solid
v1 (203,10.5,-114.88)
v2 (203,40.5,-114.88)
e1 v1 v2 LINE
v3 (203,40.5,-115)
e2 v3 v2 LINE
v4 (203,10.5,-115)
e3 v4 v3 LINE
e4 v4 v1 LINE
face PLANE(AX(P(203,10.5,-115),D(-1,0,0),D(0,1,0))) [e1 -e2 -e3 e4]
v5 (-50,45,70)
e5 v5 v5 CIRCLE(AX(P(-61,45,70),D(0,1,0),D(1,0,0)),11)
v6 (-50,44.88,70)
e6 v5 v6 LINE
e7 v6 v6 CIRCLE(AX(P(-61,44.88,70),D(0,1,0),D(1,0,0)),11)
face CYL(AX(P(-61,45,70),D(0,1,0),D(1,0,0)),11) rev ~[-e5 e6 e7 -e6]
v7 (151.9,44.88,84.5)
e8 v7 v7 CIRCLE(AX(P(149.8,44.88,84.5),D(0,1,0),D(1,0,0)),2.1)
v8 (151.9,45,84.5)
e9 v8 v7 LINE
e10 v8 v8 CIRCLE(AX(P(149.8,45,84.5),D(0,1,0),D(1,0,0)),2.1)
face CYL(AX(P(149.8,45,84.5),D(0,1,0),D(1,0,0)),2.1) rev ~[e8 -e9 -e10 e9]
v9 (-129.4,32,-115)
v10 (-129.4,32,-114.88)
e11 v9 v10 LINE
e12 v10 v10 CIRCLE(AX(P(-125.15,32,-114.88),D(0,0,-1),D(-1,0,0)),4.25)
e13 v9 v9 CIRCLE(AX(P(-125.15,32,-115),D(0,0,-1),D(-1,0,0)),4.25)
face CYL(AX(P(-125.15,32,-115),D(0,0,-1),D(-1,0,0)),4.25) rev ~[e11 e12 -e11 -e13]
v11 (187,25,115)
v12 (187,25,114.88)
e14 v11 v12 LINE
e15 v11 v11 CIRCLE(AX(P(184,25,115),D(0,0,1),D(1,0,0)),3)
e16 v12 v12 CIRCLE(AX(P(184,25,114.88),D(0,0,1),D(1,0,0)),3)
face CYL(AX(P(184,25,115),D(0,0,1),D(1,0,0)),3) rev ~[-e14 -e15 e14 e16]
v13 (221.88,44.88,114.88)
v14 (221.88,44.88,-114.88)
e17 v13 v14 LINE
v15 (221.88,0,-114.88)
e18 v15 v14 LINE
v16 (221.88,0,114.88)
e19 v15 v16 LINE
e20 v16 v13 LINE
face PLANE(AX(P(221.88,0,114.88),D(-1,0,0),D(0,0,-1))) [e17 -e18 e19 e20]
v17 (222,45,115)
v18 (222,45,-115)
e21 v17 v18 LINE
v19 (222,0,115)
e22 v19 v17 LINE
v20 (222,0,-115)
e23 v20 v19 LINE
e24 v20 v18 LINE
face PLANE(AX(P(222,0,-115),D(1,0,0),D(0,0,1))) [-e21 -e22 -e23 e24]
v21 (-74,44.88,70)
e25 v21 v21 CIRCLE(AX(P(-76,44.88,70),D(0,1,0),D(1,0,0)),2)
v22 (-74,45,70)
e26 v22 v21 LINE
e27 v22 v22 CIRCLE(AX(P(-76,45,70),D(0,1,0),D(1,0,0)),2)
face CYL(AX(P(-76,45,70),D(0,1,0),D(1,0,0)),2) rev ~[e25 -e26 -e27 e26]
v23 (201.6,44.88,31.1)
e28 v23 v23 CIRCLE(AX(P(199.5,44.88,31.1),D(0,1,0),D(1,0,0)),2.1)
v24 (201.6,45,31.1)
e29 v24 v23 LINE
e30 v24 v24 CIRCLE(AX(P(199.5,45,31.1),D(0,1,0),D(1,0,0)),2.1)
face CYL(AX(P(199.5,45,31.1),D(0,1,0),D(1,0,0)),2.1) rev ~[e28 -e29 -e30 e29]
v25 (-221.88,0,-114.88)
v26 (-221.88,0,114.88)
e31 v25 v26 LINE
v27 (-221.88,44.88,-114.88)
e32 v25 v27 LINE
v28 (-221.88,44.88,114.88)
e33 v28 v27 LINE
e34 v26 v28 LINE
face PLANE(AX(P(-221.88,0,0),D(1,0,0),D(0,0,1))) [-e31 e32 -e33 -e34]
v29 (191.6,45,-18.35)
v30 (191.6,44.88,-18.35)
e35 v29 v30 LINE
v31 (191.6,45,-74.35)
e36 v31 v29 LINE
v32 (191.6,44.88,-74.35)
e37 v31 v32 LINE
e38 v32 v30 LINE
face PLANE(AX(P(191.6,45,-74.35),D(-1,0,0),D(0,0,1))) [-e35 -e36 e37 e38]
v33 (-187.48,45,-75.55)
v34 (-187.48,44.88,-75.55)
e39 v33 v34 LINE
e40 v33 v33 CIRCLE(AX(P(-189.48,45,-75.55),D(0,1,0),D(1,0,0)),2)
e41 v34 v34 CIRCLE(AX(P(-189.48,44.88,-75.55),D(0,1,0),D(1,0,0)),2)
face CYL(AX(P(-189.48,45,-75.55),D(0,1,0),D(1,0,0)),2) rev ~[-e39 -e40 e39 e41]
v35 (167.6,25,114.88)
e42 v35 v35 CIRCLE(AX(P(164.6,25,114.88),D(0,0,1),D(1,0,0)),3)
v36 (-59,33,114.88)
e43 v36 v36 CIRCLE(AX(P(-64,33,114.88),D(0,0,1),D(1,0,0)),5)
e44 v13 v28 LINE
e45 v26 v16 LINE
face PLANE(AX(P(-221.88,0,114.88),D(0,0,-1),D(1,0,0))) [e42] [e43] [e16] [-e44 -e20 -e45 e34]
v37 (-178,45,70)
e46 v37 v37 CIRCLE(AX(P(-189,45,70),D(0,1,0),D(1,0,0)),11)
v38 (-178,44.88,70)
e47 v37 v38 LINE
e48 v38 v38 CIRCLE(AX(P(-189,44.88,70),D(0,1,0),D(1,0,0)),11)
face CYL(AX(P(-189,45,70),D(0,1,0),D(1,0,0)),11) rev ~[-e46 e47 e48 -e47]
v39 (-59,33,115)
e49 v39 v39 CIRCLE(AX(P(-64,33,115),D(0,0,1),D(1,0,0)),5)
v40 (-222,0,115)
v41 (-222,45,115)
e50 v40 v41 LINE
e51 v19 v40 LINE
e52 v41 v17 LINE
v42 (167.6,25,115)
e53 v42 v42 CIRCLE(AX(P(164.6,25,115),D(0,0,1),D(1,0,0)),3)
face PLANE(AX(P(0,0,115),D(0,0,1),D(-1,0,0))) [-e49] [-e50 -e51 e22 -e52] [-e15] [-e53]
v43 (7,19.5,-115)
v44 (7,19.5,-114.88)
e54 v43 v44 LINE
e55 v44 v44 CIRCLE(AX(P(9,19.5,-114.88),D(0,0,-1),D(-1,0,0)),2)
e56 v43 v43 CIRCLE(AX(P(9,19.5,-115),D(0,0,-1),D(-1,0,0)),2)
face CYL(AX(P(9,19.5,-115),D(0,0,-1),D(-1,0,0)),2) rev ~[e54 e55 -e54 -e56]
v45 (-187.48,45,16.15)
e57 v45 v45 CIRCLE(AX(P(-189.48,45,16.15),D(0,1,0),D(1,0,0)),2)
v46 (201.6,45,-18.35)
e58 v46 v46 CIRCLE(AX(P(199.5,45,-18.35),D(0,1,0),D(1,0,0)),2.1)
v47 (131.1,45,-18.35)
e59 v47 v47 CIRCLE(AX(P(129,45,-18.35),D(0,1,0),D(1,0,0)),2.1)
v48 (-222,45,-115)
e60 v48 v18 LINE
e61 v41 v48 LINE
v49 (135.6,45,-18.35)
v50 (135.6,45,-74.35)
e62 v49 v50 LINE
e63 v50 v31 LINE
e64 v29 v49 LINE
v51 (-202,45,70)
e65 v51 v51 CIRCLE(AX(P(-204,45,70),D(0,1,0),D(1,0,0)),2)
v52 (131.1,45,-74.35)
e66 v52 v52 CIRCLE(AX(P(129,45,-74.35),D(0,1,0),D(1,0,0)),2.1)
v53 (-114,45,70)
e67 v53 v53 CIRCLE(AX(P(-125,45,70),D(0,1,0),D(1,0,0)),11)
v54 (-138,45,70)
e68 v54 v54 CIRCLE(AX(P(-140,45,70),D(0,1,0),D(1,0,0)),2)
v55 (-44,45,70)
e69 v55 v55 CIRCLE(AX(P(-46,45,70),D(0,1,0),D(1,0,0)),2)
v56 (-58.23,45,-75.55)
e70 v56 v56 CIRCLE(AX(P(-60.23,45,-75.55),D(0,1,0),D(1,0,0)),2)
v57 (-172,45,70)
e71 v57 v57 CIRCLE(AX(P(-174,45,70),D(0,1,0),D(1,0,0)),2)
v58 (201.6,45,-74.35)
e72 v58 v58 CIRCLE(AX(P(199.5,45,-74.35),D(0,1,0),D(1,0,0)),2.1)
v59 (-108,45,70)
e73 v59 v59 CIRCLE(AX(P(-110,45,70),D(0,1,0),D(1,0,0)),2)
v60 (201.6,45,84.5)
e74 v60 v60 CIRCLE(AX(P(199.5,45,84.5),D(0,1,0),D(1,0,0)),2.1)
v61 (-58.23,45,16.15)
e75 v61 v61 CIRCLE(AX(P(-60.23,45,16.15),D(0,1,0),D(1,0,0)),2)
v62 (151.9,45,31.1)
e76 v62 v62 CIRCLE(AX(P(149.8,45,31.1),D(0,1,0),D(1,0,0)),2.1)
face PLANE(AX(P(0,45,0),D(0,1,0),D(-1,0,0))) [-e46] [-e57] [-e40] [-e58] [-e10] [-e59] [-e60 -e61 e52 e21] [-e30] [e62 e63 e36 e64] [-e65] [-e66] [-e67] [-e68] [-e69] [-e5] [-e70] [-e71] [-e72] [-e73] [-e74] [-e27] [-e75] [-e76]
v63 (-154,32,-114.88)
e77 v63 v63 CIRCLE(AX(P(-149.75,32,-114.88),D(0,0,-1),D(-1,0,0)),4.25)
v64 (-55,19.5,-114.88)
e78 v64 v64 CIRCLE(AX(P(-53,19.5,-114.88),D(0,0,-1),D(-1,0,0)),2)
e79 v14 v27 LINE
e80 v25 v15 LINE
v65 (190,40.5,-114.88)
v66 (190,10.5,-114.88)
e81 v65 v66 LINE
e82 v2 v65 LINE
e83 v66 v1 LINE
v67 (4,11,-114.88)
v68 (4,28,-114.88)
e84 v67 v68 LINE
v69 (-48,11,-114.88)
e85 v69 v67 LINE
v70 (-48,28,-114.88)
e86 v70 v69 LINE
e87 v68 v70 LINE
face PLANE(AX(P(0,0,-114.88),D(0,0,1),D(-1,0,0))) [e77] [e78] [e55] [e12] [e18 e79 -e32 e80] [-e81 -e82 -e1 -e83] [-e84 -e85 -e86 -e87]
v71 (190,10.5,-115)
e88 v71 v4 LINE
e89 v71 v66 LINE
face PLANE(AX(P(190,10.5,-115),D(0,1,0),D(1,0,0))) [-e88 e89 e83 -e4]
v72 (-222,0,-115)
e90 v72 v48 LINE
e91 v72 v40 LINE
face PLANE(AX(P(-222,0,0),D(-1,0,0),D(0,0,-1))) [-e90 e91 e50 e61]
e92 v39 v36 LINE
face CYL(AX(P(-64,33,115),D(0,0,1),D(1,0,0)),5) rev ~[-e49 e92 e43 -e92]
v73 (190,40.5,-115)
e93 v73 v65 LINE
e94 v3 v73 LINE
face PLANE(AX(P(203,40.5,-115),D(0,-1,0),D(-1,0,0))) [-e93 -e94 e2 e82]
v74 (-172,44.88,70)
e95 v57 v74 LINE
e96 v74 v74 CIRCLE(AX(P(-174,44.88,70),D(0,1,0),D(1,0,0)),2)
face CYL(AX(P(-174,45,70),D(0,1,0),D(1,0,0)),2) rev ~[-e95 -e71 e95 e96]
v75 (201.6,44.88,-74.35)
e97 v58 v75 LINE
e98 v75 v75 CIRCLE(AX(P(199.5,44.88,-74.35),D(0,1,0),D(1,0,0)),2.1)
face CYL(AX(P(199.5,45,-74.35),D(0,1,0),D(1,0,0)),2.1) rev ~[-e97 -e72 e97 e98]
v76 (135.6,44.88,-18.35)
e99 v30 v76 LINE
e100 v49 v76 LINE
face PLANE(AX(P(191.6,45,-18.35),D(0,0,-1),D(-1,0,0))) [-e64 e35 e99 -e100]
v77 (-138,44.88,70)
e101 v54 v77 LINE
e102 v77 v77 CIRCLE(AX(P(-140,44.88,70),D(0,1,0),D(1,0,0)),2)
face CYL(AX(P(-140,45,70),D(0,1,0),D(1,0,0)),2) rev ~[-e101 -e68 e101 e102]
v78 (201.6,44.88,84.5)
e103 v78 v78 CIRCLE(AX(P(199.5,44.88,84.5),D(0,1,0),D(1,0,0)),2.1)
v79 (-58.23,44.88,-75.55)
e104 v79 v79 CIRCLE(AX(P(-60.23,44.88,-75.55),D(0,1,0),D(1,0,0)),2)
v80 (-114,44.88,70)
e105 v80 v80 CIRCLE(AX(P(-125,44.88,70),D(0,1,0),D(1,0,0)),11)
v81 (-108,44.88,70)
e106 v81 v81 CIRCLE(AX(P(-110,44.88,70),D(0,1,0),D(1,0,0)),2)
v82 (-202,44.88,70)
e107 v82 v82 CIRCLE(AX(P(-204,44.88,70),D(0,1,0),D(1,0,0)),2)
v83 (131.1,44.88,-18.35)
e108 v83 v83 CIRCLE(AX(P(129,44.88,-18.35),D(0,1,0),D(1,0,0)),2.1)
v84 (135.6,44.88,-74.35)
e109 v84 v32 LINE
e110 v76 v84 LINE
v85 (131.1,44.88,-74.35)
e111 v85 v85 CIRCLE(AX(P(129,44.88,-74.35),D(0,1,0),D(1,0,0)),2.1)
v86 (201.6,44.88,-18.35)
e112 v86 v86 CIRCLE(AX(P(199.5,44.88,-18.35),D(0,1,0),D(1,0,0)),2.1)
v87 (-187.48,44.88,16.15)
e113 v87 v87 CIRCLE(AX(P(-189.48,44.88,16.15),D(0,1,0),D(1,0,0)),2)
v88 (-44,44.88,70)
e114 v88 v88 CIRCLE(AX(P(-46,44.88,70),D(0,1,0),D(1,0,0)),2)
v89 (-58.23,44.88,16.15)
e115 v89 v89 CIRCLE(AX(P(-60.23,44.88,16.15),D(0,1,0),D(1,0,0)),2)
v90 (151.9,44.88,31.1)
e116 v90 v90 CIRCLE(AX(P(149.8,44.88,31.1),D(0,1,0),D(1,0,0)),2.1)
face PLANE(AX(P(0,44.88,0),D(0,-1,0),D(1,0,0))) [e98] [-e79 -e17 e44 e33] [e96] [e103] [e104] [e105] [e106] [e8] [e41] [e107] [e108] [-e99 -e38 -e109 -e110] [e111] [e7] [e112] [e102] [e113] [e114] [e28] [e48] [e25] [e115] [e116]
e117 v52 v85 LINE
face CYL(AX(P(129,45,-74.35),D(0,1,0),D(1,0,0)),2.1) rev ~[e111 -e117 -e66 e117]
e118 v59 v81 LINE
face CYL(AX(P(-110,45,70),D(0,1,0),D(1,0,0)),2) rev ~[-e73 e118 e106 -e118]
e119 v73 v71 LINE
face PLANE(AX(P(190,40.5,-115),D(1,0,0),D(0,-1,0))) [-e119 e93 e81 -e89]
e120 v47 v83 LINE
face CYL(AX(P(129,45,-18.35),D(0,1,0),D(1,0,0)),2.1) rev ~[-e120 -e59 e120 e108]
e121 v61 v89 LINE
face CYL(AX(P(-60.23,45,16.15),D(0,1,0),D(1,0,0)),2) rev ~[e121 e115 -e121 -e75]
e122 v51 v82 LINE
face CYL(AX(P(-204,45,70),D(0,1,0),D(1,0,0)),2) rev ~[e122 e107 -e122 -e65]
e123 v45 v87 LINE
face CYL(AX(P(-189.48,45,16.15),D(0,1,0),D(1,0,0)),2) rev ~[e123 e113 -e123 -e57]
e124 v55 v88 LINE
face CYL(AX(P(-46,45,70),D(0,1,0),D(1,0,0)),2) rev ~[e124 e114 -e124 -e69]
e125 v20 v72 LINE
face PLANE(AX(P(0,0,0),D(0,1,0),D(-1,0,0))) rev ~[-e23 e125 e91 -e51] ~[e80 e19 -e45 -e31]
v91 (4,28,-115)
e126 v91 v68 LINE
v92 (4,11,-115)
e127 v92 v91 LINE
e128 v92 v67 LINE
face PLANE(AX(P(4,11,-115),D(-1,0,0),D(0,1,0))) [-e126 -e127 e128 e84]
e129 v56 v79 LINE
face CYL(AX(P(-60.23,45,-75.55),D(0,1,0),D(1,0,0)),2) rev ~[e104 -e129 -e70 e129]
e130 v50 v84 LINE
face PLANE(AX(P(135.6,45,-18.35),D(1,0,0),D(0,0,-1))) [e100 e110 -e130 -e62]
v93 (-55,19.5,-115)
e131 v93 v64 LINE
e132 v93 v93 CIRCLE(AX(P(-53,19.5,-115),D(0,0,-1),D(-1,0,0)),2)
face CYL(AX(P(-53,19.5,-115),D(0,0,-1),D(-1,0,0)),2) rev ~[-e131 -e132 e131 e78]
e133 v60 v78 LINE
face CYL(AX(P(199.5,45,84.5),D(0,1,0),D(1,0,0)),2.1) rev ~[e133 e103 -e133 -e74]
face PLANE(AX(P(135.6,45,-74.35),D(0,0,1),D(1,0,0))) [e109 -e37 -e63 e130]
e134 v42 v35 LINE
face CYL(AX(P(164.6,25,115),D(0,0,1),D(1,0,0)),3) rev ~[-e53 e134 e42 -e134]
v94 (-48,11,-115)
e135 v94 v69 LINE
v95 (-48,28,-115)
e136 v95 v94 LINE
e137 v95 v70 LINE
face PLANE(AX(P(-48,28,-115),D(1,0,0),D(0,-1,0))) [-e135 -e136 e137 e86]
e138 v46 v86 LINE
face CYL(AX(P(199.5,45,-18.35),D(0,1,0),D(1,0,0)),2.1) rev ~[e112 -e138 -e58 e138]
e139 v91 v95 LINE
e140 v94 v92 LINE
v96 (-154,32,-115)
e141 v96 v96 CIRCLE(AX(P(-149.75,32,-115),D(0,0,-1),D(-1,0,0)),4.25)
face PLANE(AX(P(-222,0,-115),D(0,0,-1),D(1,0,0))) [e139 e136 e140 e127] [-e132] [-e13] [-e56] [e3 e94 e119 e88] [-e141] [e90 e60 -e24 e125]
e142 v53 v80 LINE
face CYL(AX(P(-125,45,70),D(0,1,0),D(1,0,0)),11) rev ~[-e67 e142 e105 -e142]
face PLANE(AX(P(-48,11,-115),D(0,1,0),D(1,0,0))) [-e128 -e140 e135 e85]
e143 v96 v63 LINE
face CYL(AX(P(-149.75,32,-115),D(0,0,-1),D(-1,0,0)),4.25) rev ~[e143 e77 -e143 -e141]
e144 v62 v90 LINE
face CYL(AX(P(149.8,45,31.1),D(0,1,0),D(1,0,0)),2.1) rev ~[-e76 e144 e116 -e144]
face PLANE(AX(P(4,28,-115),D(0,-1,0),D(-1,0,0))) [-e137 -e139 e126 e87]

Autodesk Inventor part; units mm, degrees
ref_plane "YZ Plane" through (0, 0, 0) normal (1, 0, 0) x (0, 1, 0)
ref_plane "XZ Plane" through (0, 0, 0) normal (0, 1, 0) x (-1, 0, 0)
ref_plane "XY Plane" through (0, 0, 0) normal (0, 0, 1) x (1, 0, 0)
sketch "Sketch1" plane through (0, 0, 0) normal (0, 1, 0) x (-1, 0, 0)
  line L0 (222, -115) -> (-222, -115)
  line L1 (-222, -115) -> (-222, 115)
  line L2 (-222, 115) -> (222, 115)
  line L3 (222, 115) -> (222, -115)
  line L4 (0, -161) -> (0, 161) projected
  line L5 (310.8, 0) -> (-310.8, 0) projected
  point P0 (0, 0)
  dimension "d0" = 444
  dimension "d1" = 230
extrude "Extrusion1" add sketch "Sketch1" along normal blind 45
sketch "Sketch10" plane through (0, 0, 0) normal (0, -1, 0) x (1, 0, 0)
  line L0 (-221.88, 114.88) -> (221.88, 114.88)
  line L1 (221.88, 114.88) -> (221.88, -114.88)
  line L2 (221.88, -114.88) -> (-221.88, -114.88)
  line L3 (-221.88, -114.88) -> (-221.88, 114.88)
  line L4 (0, -161) -> (0, 161) projected
  line L5 (-310.8, 0) -> (310.8, 0) projected
  line L6 (-222, 115) -> (-222, -115) projected
  line L7 (222, 115) -> (-222, 115) projected
  point P0 (0, 0)
  dimension "d19" = 0.12
  dimension "d20" = 0.12
extrude "Extrusion6" cut sketch "Sketch10" against normal blind 44.88 contours L0 L4 L5 L3 | L0 L1 L5 L4 | L5 L4 L2 L3 | L5 L1 L2 L4
sketch "Sketch11" plane through (0, 45, 0) normal (0, 1, 0) x (1, 0, 0)
  circle A0 centre (-189, -70) radius 11
  line L0 (-222, 115) -> (-222, -115) projected
  line L1 (-222, -115) -> (222, -115) projected
  circle A1 centre (-125, -70) radius 11
  circle A2 centre (-61, -70) radius 11
  line L2 (-221.88, 114.88) -> (-221.88, -114.88) projected
  line L3 (-221.88, -70) -> (1.88, -70) construction
  circle A3 centre (-174, -70) radius 2
  circle A4 centre (-204, -70) radius 2
  circle A5 centre (-140, -70) radius 2
  circle A6 centre (-110, -70) radius 2
  circle A7 centre (-76, -70) radius 2
  circle A8 centre (-46, -70) radius 2
  line L4 (-60.23, 75.55) -> (-189.48, 75.55) construction
  line L5 (-189.48, 75.55) -> (-189.48, -16.15) construction
  line L6 (-189.48, -16.15) -> (-60.23, -16.15) construction
  line L7 (-60.23, -16.15) -> (-60.23, 75.55) construction
  line L8 (222, 115) -> (-222, 115) projected
  circle A9 centre (-189.48, 75.55) radius 2
  circle A10 centre (-60.23, 75.55) radius 2
  circle A11 centre (-60.23, -16.15) radius 2
  circle A12 centre (-189.48, -16.15) radius 2
  point P0 (0, 0)
  dimension "d24" = 22
  dimension "d25" = 33
  dimension "d27" = 22
  dimension "d30" = 64
  dimension "d31" = 22
  dimension "d33" = 64
  dimension "d35" = 45
  dimension "d36" = 4
  dimension "d37" = 15
  dimension "d38" = 4
  dimension "d39" = 15
  dimension "d40" = 4
  dimension "d41" = 4
  dimension "d42" = 4
  dimension "d43" = 4
  dimension "d44" = 15
  dimension "d45" = 15
  dimension "d46" = 15
  dimension "d47" = 15
  dimension "d50" = 129.25
  dimension "d52" = 39.45
  dimension "d54" = 32.4
  dimension "d55" = 91.7
  dimension "d56" = 4
  dimension "d57" = 4
  dimension "d58" = 4
  dimension "d59" = 4
extrude "Extrusion7" cut sketch "Sketch11" against normal up to next
sketch "Sketch12" plane through (0, 45, 0) normal (0, 1, 0) x (1, 0, 0)
  line L0 (129, 74.35) -> (199.5, 74.35) construction
  line L1 (199.5, 74.35) -> (199.5, 18.35) construction
  line L2 (199.5, 18.35) -> (129, 18.35) construction
  line L3 (129, 18.35) -> (129, 74.35) construction
  line L4 (222, 115) -> (-222, 115) projected
  line L5 (199.5, 115) -> (199.5, -115) construction
  line L6 (-222, -115) -> (222, -115) projected
  line L7 (222, -115) -> (222, 115) projected
  circle A0 centre (129, 74.35) radius 2.1
  circle A1 centre (199.5, 74.35) radius 2.1
  circle A2 centre (199.5, 18.35) radius 2.1
  circle A3 centre (129, 18.35) radius 2.1
  point P0 (0, 0)
  dimension "d65" = 22.5
  dimension "d66" = 40.65
  dimension "d67" = 56
  dimension "d68" = 4.2
  dimension "d69" = 4.2
  dimension "d70" = 4.2
  dimension "d71" = 4.2
  dimension "d72" = 70.5
extrude "Extrusion8" cut sketch "Sketch12" against normal up to next
sketch "Sketch13" plane through (0, 45, 0) normal (0, 1, 0) x (1, 0, 0)
  line L0 (149.8, -31.1) -> (199.5, -31.1) construction
  line L1 (199.5, -31.1) -> (199.5, -84.5) construction
  line L2 (199.5, -84.5) -> (149.8, -84.5) construction
  line L3 (149.8, -84.5) -> (149.8, -31.1) construction
  line L4 (222, -115) -> (222, 115) projected
  line L5 (-222, -115) -> (222, -115) projected
  line L6 (199.5, 74.35) -> (199.5, 18.35) construction
  line L7 (199.5, 115) -> (199.5, -115) construction
  circle A0 centre (199.5, -31.1) radius 2.1
  circle A1 centre (149.8, -31.1) radius 2.1
  circle A2 centre (149.8, -84.5) radius 2.1
  circle A3 centre (199.5, -84.5) radius 2.1
  point P0 (0, 0)
  dimension "d75" = 49.7
  dimension "d77" = 53.4
  dimension "d79" = 30.5
  dimension "d80" = 4.2
  dimension "d81" = 4.2
  dimension "d82" = 4.2
  dimension "d83" = 4.2
extrude "Extrusion9" cut sketch "Sketch13" against normal up to next
sketch "Sketch14" plane through (0, 45, 0) normal (0, 1, 0) x (1, 0, 0)
  line L0 (199.5, 74.35) -> (199.5, 18.35) construction
  line L1 (129, 74.35) -> (199.5, 74.35) construction
  line L2 (199.5, 18.35) -> (129, 18.35) construction
  line L3 (129, 18.35) -> (129, 74.35) construction
  line L4 (135.6, 74.35) -> (191.6, 74.35)
  line L5 (191.6, 74.35) -> (191.6, 18.35)
  line L6 (191.6, 18.35) -> (135.6, 18.35)
  line L7 (135.6, 18.35) -> (135.6, 74.35)
  line L8 (121.9, 81.45) -> (206.6, 81.45) construction
  line L9 (206.6, 81.45) -> (206.6, 11.25) construction
  line L10 (206.6, 11.25) -> (121.9, 11.25) construction
  line L11 (121.9, 11.25) -> (121.9, 81.45) construction
  point P0 (0, 0)
  dimension "d86" = 56
  dimension "d87" = 56
  dimension "d88" = 7.1
  dimension "d89" = 7.1
  dimension "d90" = 7.1
  dimension "d92" = 15
  dimension "d94" = 7.1
extrude "Extrusion10" cut sketch "Sketch14" against normal up to next
sketch "Sketch16" plane through (-222, 0, 115) normal (0, 0, 1) x (1, 0, 0)
  circle A0 centre (406, 25) radius 3
  line L0 (444, 0) -> (444, 45) projected
  line L1 (444, 0) -> (0, 0) projected
  circle A1 centre (386.6, 25) radius 3
  line L2 (443.88, 0) -> (443.88, 44.88) projected
  line L3 (443.88, 25) -> (334.929, 25) construction
  point P0 (222, 0)
  dimension "d97" = 6
  dimension "d98" = 38
  dimension "d100" = 6
  dimension "d101" = 108.951
  dimension "d102" = 25
  dimension "d103" = 19.4
extrude "Extrusion11" cut sketch "Sketch16" against normal up to surface (0.12 mm away)
sketch "Sketch17" plane through (-222, 0, 115) normal (0, 0, 1) x (1, 0, 0)
  circle A0 centre (158, 33) radius 5
  line L0 (0, 0) -> (0, 45) projected
  line L1 (444, 0) -> (0, 0) projected
  point P0 (222, 0)
  dimension "d106" = 10
  dimension "d107" = 158
  dimension "d108" = 33
extrude "Extrusion12" cut sketch "Sketch17" against normal up to surface (0.12 mm away)
sketch "Sketch18" plane through (222, 0, -115) normal (0, 0, -1) x (-1, 0, 0)
  line L0 (19, 40.5) -> (32, 40.5)
  line L1 (32, 40.5) -> (32, 10.5)
  line L2 (32, 10.5) -> (19, 10.5)
  line L3 (19, 10.5) -> (19, 40.5)
  line L4 (19, 40.5) -> (32, 10.5) construction
  line L5 (32, 40.5) -> (19, 10.5) construction
  line L6 (0, 45) -> (444, 45) projected
  line L7 (0, 0) -> (0, 45) projected
  point P0 (222, 0)
  point P1 (25.5, 25.5)
  dimension "d111" = 13
  dimension "d112" = 30
  dimension "d113" = 4.5
  dimension "d114" = 19
extrude "Extrusion13" cut sketch "Sketch18" against normal up to surface (0.12 mm away)
sketch "Sketch19" plane through (222, 0, -115) normal (0, 0, -1) x (-1, 0, 0)
  circle A0 centre (371.75, 32) radius 4.25
  line L0 (444, 0) -> (444, 45) projected
  line L1 (444, 32) -> (305.1223, 32) construction
  line L2 (444, 0) -> (0, 0) projected
  circle A1 centre (347.15, 32) radius 4.25
  line L3 (0, 45) -> (444, 45) projected
  point P0 (222, 0)
  dimension "d117" = 8.5
  dimension "d118" = 138.8777
  dimension "d120" = 72.25
  dimension "d121" = 8.5
  dimension "d122" = 24.6
  dimension "d123" = 13
extrude "Extrusion14" cut sketch "Sketch19" against normal up to surface (0.12 mm away)
sketch "Sketch20" plane through (222, 0, -115) normal (0, 0, -1) x (-1, 0, 0)
  line L0 (218, 28) -> (270, 28)
  line L1 (270, 28) -> (270, 11)
  line L2 (270, 11) -> (218, 11)
  line L3 (218, 11) -> (218, 28)
  line L4 (218, 28) -> (270, 11) construction
  line L5 (270, 28) -> (218, 11) construction
  line L6 (0, 45) -> (444, 45) projected
  line L7 (182.7735, 19.5) -> (305.684, 19.5) construction
  line L8 (444, 0) -> (444, 45) projected
  circle A0 centre (213, 19.5) radius 2
  circle A1 centre (275, 19.5) radius 2
  line L9 (244, 36.5338) -> (244, 7.8411) construction
  point P0 (222, 0)
  point P1 (244, 19.5)
  point P2 (244, 19.5)
  point P3 (244, 19.5)
  dimension "d126" = 52
  dimension "d127" = 17
  dimension "d129" = 17
  dimension "d130" = 200
  dimension "d131" = 4
  dimension "d132" = 4
  dimension "d133" = 5
extrude "Extrusion15" cut sketch "Sketch20" against normal up to surface (0.12 mm away)
equation "\"d60\" = d56"
equation "\"d95\" = d56"
properties part number "Gehaeuse_Deckel"
